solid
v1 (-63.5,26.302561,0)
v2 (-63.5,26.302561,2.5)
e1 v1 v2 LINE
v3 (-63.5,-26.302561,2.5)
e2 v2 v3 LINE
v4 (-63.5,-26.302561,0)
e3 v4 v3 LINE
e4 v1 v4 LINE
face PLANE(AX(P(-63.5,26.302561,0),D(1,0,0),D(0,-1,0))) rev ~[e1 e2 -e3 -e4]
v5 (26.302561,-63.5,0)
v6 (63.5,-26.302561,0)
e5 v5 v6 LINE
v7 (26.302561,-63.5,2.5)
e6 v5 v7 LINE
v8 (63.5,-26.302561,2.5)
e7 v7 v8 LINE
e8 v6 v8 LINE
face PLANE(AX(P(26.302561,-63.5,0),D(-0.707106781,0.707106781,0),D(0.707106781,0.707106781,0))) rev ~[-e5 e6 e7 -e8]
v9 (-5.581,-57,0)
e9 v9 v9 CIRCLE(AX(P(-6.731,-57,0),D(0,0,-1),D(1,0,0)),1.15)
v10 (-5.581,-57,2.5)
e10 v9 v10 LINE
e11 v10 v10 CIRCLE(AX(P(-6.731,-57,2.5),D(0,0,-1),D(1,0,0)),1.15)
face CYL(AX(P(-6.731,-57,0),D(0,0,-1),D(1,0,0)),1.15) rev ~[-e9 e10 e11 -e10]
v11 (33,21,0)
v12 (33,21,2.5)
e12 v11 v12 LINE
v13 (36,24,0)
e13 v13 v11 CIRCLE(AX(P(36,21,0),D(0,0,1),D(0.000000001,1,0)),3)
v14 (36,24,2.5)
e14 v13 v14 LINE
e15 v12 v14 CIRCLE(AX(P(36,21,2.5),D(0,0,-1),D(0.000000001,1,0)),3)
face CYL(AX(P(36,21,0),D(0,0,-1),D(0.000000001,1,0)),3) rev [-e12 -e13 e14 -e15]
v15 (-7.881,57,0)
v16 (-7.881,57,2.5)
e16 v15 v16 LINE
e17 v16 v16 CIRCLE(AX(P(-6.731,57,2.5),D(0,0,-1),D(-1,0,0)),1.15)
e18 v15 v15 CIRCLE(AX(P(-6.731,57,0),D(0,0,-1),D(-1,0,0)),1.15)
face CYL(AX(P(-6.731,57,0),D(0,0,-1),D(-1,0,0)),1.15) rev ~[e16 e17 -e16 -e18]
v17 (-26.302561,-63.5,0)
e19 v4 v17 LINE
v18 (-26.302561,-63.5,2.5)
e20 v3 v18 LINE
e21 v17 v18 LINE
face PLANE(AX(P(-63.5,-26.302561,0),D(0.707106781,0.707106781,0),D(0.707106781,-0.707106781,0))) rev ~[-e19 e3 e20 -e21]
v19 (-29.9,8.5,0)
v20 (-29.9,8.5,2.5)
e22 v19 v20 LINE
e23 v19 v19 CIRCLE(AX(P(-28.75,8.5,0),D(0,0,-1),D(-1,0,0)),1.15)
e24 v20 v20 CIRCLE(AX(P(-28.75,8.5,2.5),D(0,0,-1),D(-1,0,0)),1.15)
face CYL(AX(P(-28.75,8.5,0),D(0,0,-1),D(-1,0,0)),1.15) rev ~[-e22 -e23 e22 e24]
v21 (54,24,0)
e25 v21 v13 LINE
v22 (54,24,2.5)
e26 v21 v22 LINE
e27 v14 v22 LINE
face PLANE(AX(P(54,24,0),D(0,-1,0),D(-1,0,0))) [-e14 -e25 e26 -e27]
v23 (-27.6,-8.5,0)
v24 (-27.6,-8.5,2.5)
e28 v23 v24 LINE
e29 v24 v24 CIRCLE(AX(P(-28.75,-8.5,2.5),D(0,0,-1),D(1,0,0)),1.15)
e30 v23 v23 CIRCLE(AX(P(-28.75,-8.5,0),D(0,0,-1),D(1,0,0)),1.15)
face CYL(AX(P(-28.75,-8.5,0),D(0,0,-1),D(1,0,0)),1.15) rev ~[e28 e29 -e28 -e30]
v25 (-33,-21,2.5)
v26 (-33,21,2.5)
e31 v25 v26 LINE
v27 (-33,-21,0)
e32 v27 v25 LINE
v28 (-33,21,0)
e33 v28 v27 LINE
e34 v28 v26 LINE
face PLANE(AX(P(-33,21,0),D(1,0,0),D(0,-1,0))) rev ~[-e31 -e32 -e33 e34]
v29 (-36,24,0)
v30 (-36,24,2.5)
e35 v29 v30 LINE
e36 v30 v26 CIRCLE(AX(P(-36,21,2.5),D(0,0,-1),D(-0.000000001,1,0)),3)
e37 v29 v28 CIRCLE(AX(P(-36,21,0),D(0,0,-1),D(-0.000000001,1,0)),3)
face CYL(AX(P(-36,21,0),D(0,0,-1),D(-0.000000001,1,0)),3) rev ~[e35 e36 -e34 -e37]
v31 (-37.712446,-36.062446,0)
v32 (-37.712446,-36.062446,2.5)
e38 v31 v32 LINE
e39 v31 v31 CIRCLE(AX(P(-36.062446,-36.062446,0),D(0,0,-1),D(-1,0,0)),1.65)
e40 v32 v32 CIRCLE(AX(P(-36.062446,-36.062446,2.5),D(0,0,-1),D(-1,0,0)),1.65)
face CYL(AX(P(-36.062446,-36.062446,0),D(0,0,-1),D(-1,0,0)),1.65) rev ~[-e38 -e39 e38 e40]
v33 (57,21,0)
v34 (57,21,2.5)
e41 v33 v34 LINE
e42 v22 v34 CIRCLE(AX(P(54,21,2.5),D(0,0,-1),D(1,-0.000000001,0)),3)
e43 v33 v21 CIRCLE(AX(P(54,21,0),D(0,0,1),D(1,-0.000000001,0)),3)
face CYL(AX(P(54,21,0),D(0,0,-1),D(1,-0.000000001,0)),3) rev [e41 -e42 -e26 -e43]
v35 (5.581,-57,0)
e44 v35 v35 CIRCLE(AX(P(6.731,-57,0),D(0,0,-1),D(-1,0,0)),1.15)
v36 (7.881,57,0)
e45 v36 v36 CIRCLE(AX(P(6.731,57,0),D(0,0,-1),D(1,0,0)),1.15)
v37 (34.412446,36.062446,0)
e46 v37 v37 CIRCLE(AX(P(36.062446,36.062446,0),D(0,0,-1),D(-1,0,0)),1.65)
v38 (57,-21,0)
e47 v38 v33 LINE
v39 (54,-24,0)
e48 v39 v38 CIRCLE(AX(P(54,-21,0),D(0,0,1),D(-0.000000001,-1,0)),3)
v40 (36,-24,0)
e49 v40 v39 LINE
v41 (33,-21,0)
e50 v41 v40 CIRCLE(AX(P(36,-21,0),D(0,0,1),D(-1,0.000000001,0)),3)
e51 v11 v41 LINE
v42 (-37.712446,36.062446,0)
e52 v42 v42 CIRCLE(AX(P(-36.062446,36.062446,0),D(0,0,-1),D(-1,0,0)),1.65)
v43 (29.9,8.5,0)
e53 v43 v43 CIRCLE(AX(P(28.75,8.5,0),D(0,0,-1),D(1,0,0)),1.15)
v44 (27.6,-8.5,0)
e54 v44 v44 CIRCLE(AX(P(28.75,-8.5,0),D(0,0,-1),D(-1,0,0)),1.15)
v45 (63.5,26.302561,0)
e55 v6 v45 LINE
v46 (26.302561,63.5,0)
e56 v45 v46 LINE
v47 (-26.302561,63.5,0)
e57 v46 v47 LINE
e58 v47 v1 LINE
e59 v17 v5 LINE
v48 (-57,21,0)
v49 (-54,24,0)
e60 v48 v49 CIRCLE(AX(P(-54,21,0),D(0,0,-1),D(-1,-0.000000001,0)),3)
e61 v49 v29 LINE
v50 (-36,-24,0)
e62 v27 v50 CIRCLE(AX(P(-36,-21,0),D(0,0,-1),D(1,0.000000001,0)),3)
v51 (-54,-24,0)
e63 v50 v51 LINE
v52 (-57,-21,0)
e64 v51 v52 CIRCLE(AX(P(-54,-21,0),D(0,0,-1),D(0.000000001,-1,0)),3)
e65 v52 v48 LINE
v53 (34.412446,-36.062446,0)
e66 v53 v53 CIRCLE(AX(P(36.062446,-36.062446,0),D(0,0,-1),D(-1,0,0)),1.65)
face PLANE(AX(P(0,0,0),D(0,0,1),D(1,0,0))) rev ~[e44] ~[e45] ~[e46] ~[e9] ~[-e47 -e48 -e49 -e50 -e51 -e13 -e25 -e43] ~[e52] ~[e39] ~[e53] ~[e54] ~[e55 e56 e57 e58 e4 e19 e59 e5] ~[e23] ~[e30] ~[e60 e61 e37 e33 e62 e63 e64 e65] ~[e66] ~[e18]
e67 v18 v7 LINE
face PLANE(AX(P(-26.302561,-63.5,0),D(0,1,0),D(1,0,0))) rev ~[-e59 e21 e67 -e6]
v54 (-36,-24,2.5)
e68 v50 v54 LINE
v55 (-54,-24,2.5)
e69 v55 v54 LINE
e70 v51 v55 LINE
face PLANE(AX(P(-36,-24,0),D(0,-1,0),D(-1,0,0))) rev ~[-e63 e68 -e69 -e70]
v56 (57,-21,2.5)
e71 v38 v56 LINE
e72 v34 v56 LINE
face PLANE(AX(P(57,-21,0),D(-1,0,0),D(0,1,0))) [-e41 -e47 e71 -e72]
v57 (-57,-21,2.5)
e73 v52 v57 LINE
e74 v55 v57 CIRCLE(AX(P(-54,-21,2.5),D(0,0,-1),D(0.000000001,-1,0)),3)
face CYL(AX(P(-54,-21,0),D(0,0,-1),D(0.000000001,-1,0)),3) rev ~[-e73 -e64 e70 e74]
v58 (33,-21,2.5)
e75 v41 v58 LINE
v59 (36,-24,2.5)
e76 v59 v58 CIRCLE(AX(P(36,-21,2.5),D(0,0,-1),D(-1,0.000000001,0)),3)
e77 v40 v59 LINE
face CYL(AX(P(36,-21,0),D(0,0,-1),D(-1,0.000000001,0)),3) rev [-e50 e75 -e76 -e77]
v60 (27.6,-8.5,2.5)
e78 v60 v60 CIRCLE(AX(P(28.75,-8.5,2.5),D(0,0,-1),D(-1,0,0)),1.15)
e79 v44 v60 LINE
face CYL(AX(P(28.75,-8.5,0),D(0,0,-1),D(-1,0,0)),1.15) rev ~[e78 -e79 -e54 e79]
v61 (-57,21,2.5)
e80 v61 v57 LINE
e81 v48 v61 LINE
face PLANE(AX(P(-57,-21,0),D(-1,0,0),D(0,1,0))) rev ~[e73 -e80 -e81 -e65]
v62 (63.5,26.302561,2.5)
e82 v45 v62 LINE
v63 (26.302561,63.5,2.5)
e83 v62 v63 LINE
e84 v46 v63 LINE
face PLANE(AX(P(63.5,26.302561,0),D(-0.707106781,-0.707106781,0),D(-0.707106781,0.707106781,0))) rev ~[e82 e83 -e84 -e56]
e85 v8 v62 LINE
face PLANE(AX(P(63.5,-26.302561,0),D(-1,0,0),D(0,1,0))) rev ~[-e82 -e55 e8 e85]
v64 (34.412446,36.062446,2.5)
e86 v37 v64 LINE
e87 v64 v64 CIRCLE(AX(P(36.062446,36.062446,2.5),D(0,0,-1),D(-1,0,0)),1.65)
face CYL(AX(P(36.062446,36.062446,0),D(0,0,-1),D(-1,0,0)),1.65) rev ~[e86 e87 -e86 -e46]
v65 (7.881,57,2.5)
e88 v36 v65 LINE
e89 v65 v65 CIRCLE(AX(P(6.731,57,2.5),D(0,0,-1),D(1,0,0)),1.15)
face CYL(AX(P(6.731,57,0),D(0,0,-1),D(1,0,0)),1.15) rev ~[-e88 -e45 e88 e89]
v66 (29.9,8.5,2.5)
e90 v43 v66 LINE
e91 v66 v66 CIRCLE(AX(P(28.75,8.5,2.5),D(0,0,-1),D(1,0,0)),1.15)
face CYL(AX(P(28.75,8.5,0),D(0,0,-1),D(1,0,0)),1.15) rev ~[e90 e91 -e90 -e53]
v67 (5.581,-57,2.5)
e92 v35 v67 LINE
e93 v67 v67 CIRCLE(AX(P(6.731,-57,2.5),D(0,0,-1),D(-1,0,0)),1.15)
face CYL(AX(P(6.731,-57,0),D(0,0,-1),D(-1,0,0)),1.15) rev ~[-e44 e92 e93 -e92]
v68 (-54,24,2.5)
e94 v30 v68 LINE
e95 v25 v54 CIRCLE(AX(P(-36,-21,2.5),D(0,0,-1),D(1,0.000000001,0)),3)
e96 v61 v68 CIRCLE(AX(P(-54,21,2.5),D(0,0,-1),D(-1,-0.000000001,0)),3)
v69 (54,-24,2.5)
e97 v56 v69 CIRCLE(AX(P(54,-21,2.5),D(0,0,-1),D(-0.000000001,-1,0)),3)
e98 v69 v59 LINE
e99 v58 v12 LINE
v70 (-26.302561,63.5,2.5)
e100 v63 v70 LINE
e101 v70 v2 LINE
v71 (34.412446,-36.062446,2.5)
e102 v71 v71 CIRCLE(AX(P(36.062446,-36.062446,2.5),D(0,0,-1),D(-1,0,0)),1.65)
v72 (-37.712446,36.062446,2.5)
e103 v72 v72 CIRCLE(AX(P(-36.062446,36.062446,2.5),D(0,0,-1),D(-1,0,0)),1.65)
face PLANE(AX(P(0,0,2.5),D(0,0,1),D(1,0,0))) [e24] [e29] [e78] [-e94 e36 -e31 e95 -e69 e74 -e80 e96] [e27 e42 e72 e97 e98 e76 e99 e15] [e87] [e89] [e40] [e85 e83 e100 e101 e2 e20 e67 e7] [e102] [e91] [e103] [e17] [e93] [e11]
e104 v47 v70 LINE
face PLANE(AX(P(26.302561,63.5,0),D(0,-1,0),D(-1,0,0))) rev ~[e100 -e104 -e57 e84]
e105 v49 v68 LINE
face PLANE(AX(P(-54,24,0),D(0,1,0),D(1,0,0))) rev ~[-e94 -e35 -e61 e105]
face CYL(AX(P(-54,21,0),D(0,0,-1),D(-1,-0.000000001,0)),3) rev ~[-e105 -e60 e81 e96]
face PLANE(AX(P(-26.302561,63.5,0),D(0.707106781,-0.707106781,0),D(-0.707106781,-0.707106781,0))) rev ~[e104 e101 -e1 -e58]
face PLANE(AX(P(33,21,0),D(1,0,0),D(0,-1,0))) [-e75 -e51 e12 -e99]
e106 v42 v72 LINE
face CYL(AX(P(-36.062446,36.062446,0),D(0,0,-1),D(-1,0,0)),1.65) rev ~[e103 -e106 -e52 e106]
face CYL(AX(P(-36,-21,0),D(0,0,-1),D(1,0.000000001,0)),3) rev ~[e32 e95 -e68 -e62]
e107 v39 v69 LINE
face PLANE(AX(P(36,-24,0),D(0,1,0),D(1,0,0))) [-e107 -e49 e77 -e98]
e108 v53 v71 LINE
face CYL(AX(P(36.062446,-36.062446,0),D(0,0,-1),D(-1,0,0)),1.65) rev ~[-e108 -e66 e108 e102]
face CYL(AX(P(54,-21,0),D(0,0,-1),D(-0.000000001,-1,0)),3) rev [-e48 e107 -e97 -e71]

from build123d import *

# Parameters (mm, degrees)
RESSALTO_EXTRUS_O1_DEPTH = 2.5
ESBO_O2_R                = 1.15
CORTE_EXTRUS_O1_DEPTH    = 90.837353033
ESBO_O4_R                = 1.65
CORTE_EXTRUS_O2_DEPTH    = 40.5


with BuildPart() as part:
    # Esboço1 → Ressalto-extrusão1 (new body)
    with BuildSketch(Plane.XY):
        Polygon((63.5, -26.302561211), (63.5, 26.302561211), (26.302561211, 63.5), (-26.302561211, 63.5), (-63.5, 26.302561211), (-63.5, -26.302561211), (-26.302561211, -63.5), (26.302561211, -63.5), align=None)
    extrude(amount=RESSALTO_EXTRUS_O1_DEPTH)

    # Esboço2 → Corte-extrusão1 (cut, through all)
    with BuildSketch(Plane(origin=(0, 0, 0), x_dir=(-1, 0, 0), z_dir=(0, 0, -1))):
        with Locations((28.75, 8.5)):
            Circle(ESBO_O2_R)
        with Locations(Location((28.75, -8.5, 0), (0, 0, 180))):
            Circle(ESBO_O2_R)
        with Locations((-28.75, -8.5)):
            Circle(ESBO_O2_R)
        with Locations(Location((-28.75, 8.5, 0), (0, 0, 180))):
            Circle(ESBO_O2_R)
        with Locations((-6.731, -57)):
            Circle(ESBO_O2_R)
        with Locations(Location((6.731, -57, 0), (0, 0, 180))):
            Circle(ESBO_O2_R)
        with Locations((6.731, 57)):
            Circle(ESBO_O2_R)
        with Locations(Location((-6.731, 57, 0), (0, 0, 180))):
            Circle(ESBO_O2_R)
        with BuildLine():
            Line((54, 24), (36, 24))
            ThreePointArc((36, 24), (33.878679656, 23.121320344), (33, 21))
            Line((33, 21), (33, -21))
            ThreePointArc((33, -21), (33.878679656, -23.121320344), (36, -24))
            Line((36, -24), (54, -24))
            ThreePointArc((54, -24), (56.121320344, -23.121320344), (57, -21))
            Line((57, -21), (57, 21))
            ThreePointArc((57, 21), (56.121320344, 23.121320344), (54, 24))
        make_face()
        with BuildLine():
            Line((-33, 21), (-33, -21))
            ThreePointArc((-33, -21), (-33.878679656, -23.121320344), (-36, -24))
            Line((-36, -24), (-54, -24))
            ThreePointArc((-54, -24), (-56.121320344, -23.121320344), (-57, -21))
            Line((-57, -21), (-57, 21))
            ThreePointArc((-57, 21), (-56.121320344, 23.121320344), (-54, 24))
            Line((-54, 24), (-36, 24))
            ThreePointArc((-36, 24), (-33.878679656, 23.121320344), (-33, 21))
        make_face()
    extrude(amount=-CORTE_EXTRUS_O1_DEPTH, mode=Mode.SUBTRACT)

    # Esboço4 → Corte-extrusão2 (cut)
    with BuildSketch(Plane(origin=(0, 0, 0), x_dir=(-1, 0, 0), z_dir=(0, 0, -1))):
        with Locations((36.062445841, -36.062445841)):
            Circle(ESBO_O4_R)
        with Locations((36.062445841, 36.062445841)):
            Circle(ESBO_O4_R)
        with Locations((-36.062445841, -36.062445841)):
            Circle(ESBO_O4_R)
        with Locations((-36.062445841, 36.062445841)):
            Circle(ESBO_O4_R)
    extrude(amount=-CORTE_EXTRUS_O2_DEPTH, mode=Mode.SUBTRACT)


solid = part.part
